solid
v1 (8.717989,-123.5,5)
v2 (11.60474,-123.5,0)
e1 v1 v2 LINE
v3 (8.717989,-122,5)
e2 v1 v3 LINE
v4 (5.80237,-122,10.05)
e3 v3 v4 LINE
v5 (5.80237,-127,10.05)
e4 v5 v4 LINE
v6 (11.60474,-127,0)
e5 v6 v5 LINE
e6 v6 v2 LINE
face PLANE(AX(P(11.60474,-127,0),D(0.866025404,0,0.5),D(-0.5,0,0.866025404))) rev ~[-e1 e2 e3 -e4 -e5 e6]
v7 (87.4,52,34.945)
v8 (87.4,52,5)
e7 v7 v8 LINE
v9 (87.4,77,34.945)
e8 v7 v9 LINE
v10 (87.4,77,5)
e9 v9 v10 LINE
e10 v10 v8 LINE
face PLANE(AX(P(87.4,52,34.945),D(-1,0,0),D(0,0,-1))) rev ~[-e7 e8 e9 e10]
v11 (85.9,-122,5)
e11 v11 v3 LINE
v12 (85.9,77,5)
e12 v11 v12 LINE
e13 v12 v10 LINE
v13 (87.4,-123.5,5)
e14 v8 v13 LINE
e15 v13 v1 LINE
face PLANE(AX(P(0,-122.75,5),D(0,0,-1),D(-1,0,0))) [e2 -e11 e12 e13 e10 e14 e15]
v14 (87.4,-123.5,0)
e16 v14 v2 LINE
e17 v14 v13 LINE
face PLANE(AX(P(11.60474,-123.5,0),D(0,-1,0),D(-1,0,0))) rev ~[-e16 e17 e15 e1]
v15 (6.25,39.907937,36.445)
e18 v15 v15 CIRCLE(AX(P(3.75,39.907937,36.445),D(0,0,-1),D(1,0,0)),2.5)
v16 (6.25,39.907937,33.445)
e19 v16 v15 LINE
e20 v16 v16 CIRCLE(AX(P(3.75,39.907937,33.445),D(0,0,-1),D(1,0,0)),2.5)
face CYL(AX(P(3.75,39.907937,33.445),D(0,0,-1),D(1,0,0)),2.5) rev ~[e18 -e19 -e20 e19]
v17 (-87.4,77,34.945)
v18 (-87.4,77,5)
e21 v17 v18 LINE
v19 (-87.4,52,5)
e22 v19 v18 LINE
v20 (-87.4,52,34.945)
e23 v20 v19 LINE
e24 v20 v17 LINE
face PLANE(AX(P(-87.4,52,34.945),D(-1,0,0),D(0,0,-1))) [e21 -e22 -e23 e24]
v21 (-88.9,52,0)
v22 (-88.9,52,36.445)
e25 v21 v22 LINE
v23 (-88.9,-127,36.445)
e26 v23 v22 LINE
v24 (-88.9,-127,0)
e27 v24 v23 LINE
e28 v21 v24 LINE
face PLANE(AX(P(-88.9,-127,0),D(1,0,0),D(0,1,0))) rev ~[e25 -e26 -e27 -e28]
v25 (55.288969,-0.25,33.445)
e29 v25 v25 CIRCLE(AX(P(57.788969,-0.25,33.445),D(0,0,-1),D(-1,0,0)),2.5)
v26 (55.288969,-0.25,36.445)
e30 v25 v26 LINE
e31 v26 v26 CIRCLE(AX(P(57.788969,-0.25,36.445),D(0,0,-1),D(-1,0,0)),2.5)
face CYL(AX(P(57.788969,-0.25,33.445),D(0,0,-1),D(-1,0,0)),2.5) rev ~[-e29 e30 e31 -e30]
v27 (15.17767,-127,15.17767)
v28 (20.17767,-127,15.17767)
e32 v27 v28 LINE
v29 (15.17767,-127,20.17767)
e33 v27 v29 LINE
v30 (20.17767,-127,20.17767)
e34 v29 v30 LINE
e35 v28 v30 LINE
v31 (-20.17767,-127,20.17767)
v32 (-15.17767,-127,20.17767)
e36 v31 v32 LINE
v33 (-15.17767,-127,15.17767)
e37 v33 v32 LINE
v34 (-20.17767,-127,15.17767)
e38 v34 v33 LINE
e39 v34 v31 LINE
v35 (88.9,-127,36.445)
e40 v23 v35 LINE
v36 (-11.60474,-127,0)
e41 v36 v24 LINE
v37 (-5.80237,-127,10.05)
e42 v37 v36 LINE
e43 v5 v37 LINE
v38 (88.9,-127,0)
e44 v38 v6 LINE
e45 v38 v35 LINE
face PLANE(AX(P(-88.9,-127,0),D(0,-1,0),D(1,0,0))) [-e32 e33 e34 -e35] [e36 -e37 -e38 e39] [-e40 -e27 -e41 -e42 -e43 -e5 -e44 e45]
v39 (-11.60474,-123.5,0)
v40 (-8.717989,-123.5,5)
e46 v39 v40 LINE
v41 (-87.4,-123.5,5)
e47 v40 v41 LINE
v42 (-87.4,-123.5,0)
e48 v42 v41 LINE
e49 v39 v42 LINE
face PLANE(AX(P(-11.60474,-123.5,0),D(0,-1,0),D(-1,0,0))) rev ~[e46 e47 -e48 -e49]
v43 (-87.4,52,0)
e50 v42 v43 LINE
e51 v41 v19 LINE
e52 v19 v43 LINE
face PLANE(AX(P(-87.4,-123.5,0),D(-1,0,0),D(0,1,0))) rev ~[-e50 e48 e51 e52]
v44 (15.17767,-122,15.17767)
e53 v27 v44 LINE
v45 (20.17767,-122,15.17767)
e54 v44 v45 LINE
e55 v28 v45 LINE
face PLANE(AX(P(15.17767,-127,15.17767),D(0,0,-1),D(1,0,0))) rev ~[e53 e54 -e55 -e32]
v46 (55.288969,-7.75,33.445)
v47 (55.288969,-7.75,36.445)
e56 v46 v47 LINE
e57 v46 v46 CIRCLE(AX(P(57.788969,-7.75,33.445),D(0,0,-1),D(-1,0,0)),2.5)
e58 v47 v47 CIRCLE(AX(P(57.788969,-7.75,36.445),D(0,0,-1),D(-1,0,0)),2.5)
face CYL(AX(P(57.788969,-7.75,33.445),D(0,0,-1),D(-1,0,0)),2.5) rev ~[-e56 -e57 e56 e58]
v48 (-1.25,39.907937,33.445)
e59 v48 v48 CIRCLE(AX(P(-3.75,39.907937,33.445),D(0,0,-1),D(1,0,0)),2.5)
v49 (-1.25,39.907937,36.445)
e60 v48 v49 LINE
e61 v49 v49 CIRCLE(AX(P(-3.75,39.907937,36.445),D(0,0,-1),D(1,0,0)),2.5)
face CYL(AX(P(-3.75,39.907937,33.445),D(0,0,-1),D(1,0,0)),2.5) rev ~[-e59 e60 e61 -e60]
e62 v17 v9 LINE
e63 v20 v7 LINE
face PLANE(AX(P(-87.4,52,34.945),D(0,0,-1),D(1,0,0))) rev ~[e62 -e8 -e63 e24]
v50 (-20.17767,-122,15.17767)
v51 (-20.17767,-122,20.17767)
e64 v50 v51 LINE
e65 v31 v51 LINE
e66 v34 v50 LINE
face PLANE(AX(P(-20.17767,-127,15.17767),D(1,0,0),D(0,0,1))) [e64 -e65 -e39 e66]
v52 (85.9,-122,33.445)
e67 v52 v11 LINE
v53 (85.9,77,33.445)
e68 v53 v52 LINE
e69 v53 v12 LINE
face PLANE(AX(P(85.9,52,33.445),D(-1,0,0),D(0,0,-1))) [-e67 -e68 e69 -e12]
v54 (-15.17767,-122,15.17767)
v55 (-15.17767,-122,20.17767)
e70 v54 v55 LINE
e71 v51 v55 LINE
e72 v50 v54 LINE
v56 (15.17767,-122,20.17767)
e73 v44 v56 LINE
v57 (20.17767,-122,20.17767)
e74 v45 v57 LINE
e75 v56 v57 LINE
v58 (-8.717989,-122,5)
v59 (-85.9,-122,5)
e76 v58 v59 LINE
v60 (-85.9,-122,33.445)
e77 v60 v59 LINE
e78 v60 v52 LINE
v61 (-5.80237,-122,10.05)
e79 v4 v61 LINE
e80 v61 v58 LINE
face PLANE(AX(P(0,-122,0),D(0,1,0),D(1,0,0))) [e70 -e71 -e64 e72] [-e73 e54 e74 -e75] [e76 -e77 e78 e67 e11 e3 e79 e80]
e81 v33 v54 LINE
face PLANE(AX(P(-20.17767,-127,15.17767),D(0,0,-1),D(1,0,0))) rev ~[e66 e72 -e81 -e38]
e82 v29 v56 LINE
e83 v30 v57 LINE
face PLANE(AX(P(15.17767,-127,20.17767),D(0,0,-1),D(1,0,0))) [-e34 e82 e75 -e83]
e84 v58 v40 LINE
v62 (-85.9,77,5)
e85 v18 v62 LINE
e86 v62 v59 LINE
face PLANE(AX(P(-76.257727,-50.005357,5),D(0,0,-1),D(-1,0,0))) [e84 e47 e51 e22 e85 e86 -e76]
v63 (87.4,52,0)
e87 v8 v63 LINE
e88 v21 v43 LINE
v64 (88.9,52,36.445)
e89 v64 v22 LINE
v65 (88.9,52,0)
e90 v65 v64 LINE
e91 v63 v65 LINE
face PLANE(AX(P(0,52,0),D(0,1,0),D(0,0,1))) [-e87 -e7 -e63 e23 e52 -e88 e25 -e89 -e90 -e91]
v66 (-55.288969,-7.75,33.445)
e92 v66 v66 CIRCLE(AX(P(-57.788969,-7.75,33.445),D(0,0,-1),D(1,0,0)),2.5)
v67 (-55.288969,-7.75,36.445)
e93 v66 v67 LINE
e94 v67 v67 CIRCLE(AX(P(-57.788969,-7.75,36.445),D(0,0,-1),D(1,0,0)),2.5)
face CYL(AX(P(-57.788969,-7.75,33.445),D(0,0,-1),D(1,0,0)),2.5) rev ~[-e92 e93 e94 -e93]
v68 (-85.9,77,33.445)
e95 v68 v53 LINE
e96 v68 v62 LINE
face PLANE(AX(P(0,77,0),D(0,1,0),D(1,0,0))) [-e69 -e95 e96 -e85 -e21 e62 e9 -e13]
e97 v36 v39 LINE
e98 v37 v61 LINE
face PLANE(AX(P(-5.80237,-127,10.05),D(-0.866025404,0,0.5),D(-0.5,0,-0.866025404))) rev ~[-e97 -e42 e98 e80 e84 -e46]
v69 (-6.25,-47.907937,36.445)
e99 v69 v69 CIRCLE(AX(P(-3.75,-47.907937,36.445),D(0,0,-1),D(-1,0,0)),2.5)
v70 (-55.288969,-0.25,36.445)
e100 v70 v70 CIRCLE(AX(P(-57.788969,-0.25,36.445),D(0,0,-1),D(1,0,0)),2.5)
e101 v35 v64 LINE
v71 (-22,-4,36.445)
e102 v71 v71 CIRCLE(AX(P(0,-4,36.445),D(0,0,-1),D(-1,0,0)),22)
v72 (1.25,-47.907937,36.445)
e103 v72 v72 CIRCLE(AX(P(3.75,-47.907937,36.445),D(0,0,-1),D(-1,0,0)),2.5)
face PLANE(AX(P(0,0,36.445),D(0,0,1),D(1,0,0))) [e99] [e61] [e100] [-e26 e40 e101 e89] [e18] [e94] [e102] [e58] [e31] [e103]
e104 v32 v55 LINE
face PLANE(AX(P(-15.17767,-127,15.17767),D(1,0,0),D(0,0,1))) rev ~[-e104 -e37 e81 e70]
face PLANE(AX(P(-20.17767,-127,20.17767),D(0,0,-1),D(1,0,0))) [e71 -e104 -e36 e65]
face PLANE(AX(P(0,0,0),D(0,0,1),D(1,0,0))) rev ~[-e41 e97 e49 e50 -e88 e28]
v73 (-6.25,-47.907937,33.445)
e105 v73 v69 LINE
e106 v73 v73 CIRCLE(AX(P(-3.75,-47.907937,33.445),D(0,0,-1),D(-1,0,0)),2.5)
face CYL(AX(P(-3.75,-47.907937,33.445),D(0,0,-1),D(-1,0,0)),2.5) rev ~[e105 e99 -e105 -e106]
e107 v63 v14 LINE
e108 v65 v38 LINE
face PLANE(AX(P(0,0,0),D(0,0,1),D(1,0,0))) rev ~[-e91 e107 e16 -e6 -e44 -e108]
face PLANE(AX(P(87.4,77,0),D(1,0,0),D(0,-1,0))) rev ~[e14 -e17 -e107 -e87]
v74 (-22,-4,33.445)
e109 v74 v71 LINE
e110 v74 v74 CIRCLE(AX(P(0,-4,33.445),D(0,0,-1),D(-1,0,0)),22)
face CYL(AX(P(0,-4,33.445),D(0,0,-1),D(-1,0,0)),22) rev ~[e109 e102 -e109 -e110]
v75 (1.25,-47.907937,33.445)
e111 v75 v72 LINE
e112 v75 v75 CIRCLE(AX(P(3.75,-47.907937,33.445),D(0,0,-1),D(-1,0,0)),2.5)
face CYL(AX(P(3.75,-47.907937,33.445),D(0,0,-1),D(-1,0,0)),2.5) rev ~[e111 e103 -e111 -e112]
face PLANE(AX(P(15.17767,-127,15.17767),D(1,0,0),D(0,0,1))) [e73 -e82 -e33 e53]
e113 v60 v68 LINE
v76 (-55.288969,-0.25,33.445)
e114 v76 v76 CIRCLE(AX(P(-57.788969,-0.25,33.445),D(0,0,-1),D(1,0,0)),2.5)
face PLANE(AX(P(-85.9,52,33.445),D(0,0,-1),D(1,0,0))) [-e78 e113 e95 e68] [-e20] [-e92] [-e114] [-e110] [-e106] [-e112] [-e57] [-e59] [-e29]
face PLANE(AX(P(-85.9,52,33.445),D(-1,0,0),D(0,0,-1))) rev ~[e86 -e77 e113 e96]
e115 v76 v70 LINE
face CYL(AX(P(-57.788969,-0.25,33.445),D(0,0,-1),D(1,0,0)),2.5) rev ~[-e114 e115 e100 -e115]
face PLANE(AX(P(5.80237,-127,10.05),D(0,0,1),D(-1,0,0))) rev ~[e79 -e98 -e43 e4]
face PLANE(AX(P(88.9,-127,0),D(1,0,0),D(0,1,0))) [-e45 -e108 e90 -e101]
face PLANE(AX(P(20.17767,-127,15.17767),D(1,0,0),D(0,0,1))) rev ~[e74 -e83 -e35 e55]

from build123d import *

# Parameters (mm, degrees)
SKETCH1_W           = 177.8
SKETCH1_H           = 254
BOSS_EXTRUDE1_DEPTH = 36.445
SHELL1_T            = 3
SKETCH2_R           = 22
SKETCH2_R_2         = 2.5
CUT_EXTRUDE1_DEPTH  = 3
SKETCH3_R           = 5
CUT_EXTRUDE2_DEPTH  = 3
SKETCH12_W          = 12
SKETCH12_H          = 66.89
BOSS_EXTRUDE5_DEPTH = 8
SKETCH10_R          = 3
CUT_EXTRUDE8_DEPTH  = 8
SKETCH13_W          = 174.8
SKETCH13_H          = 69.89
SKETCH13_W_2        = 171.8
SKETCH13_H_2        = 66.89
BOSS_EXTRUDE6_DEPTH = 25
SKETCH14_W          = 175.3
SKETCH14_H          = 70.39
SKETCH14_W_2        = 171.8
SKETCH14_H_2        = 66.89
CUT_EXTRUDE9_DEPTH  = 10
SKETCH17_W          = 171.8
SKETCH17_H          = 66.89
BOSS_EXTRUDE7_DEPTH = 2
SKETCH22_W          = 5
SKETCH22_H          = 5
CUT_EXTRUDE14_DEPTH = 5
BOSS_EXTRUDE8_DEPTH = 5
CUT_EXTRUDE12_DEPTH = 5
SKETCH21_W          = 23.209480822
SKETCH21_H          = 1.5
CUT_EXTRUDE13_DEPTH = 5


with BuildPart() as part:
    # Sketch1 → Boss-Extrude1 (new, symmetric)
    with BuildSketch(Plane.XY):
        Rectangle(SKETCH1_W, SKETCH1_H)
    extrude(amount=BOSS_EXTRUDE1_DEPTH, both=True)

    # Shell1 (no face opened: a closed hollow body)
    add(offset(amount=-SHELL1_T, mode=Mode.PRIVATE), mode=Mode.SUBTRACT)

    # Sketch2 → Cut-Extrude1 (cut)
    with BuildSketch(Plane(origin=(0, 0, 33.445), x_dir=(-1, 0, 0), z_dir=(0, 0, -1))):
        with Locations((0, -4)):
            Circle(SKETCH2_R)
        with Locations((-3.75, -47.907937278)):
            Circle(SKETCH2_R_2)
        with Locations((3.75, -47.907937278)):
            Circle(SKETCH2_R_2)
        with Locations((-57.788969133, -0.25)):
            Circle(SKETCH2_R_2)
        with Locations((-57.788969133, -7.75)):
            Circle(SKETCH2_R_2)
        with Locations(Location((57.788969133, -0.25, 0), (0, 0, 180))):
            Circle(SKETCH2_R_2)
        with Locations(Location((57.788969133, -7.75, 0), (0, 0, 180))):
            Circle(SKETCH2_R_2)
        with Locations(Location((3.75, 39.907937278, 0), (0, 0, 180))):
            Circle(SKETCH2_R_2)
        with Locations(Location((-3.75, 39.907937278, 0), (0, 0, 180))):
            Circle(SKETCH2_R_2)
    extrude(amount=-CUT_EXTRUDE1_DEPTH, mode=Mode.SUBTRACT)

    # Sketch3 → Cut-Extrude2 (cut)
    with BuildSketch(Plane.XY.offset(-33.445)):
        with Locations((-20.9, 34)):
            Circle(SKETCH3_R)
    extrude(amount=-CUT_EXTRUDE2_DEPTH, mode=Mode.SUBTRACT)

    # Sketch12 → Boss-Extrude5 (add)
    with BuildSketch(Plane.XZ.offset(-124)):
        Rectangle(SKETCH12_W, SKETCH12_H)
    extrude(amount=BOSS_EXTRUDE5_DEPTH)

    # Sketch10 → Cut-Extrude8 (cut)
    with BuildSketch(Plane(origin=(0, 127, 0), x_dir=(1, 0, 0), z_dir=(0, 1, 0))):
        with Locations(Location((0, 0, 0), (0, 0, 270))):
            Circle(SKETCH10_R)
    extrude(amount=-CUT_EXTRUDE8_DEPTH, mode=Mode.SUBTRACT)


with BuildPart() as body_2:
    # Split2: the piece on the far side of the plane
    add(part.part)
    split(bisect_by=Plane.ZX.offset(52), keep=Keep.BOTTOM)

    # Sketch13 → Boss-Extrude6 (add)
    with BuildSketch(Plane(origin=(0, 52, 0), x_dir=(1, 0, 0), z_dir=(0, 1, 0))):
        Rectangle(SKETCH13_W, SKETCH13_H)
        Rectangle(SKETCH13_W_2, SKETCH13_H_2, mode=Mode.SUBTRACT)
    extrude(amount=BOSS_EXTRUDE6_DEPTH)

    # Sketch17 → Boss-Extrude7 (add)
    with BuildSketch(Plane(origin=(0, -124, 0), x_dir=(1, 0, 0), z_dir=(0, 1, 0))):
        Rectangle(SKETCH17_W, SKETCH17_H)
    extrude(amount=BOSS_EXTRUDE7_DEPTH)

    # Sketch22 → Cut-Extrude14 (cut)
    with BuildSketch(Plane.XZ.offset(127)):
        Polygon((11.604740411, 0), (5.802370205, 10.05), (-5.802370205, 10.05), (-11.604740411, 0), (-5.802370205, -10.05), (5.802370205, -10.05), align=None)
        with Locations((-17.67766953, 17.67766953)):
            Rectangle(SKETCH22_W, SKETCH22_H)
        with Locations((17.67766953, 17.67766953)):
            Rectangle(SKETCH22_W, SKETCH22_H)
        with Locations((17.67766953, -17.67766953)):
            Rectangle(SKETCH22_W, SKETCH22_H)
        with Locations((-17.67766953, -17.67766953)):
            Rectangle(SKETCH22_W, SKETCH22_H)
    extrude(amount=-CUT_EXTRUDE14_DEPTH, mode=Mode.SUBTRACT)


with BuildPart() as part_1:
    add(part.part)

    # Split2
    split(bisect_by=Plane.ZX.offset(52), keep=Keep.TOP)

    # Sketch14 → Cut-Extrude9 (cut)
    with BuildSketch(Plane.XZ.offset(-52)):
        Rectangle(SKETCH14_W, SKETCH14_H)
        Rectangle(SKETCH14_W_2, SKETCH14_H_2, mode=Mode.SUBTRACT)
    extrude(amount=-CUT_EXTRUDE9_DEPTH, mode=Mode.SUBTRACT)


with BuildPart() as body_3:
    # Split3: the piece on the far side of the plane
    add(body_2.part)
    split(bisect_by=Plane.XY, keep=Keep.BOTTOM)

    # Sketch19 → Boss-Extrude8 (add)
    with BuildSketch(Plane.XY):
        Polygon((-87.4, 77), (-85.9, 77), (-85.9, 75.5), (-85.9, -122), (-11.604740411, -122), (-11.604740411, -123.5), (-87.4, -123.5), align=None)
        Polygon((87.4, 77), (87.4, -123.5), (11.604740411, -123.5), (11.604740411, -122), (85.9, -122), (85.9, 75.5), (85.9, 77), align=None)
    extrude(amount=BOSS_EXTRUDE8_DEPTH)


with BuildPart() as body_2_1:
    add(body_2.part)

    # Split3
    split(bisect_by=Plane.XY, keep=Keep.TOP)

    # Sketch20 → Cut-Extrude12 (cut)
    with BuildSketch(Plane(origin=(0, 0, 0), x_dir=(-1, 0, 0), z_dir=(0, 0, -1))):
        Polygon((-87.4, 77), (-87.4, -123.5), (-11.604740411, -123.5), (-11.604740411, -122), (-85.9, -122), (-85.9, 77), align=None)
        Polygon((85.9, 77), (85.9, -122), (11.604740411, -122), (11.604740411, -123.5), (87.4, -123.5), (87.4, 77), align=None)
    extrude(amount=-CUT_EXTRUDE12_DEPTH, mode=Mode.SUBTRACT)

    # Sketch21 → Cut-Extrude13 (cut)
    with BuildSketch(Plane(origin=(0, 0, 0), x_dir=(-1, 0, 0), z_dir=(0, 0, -1))):
        with Locations((0, -122.75)):
            Rectangle(SKETCH21_W, SKETCH21_H)
    extrude(amount=-CUT_EXTRUDE13_DEPTH, mode=Mode.SUBTRACT)


solid = body_2_1.part
